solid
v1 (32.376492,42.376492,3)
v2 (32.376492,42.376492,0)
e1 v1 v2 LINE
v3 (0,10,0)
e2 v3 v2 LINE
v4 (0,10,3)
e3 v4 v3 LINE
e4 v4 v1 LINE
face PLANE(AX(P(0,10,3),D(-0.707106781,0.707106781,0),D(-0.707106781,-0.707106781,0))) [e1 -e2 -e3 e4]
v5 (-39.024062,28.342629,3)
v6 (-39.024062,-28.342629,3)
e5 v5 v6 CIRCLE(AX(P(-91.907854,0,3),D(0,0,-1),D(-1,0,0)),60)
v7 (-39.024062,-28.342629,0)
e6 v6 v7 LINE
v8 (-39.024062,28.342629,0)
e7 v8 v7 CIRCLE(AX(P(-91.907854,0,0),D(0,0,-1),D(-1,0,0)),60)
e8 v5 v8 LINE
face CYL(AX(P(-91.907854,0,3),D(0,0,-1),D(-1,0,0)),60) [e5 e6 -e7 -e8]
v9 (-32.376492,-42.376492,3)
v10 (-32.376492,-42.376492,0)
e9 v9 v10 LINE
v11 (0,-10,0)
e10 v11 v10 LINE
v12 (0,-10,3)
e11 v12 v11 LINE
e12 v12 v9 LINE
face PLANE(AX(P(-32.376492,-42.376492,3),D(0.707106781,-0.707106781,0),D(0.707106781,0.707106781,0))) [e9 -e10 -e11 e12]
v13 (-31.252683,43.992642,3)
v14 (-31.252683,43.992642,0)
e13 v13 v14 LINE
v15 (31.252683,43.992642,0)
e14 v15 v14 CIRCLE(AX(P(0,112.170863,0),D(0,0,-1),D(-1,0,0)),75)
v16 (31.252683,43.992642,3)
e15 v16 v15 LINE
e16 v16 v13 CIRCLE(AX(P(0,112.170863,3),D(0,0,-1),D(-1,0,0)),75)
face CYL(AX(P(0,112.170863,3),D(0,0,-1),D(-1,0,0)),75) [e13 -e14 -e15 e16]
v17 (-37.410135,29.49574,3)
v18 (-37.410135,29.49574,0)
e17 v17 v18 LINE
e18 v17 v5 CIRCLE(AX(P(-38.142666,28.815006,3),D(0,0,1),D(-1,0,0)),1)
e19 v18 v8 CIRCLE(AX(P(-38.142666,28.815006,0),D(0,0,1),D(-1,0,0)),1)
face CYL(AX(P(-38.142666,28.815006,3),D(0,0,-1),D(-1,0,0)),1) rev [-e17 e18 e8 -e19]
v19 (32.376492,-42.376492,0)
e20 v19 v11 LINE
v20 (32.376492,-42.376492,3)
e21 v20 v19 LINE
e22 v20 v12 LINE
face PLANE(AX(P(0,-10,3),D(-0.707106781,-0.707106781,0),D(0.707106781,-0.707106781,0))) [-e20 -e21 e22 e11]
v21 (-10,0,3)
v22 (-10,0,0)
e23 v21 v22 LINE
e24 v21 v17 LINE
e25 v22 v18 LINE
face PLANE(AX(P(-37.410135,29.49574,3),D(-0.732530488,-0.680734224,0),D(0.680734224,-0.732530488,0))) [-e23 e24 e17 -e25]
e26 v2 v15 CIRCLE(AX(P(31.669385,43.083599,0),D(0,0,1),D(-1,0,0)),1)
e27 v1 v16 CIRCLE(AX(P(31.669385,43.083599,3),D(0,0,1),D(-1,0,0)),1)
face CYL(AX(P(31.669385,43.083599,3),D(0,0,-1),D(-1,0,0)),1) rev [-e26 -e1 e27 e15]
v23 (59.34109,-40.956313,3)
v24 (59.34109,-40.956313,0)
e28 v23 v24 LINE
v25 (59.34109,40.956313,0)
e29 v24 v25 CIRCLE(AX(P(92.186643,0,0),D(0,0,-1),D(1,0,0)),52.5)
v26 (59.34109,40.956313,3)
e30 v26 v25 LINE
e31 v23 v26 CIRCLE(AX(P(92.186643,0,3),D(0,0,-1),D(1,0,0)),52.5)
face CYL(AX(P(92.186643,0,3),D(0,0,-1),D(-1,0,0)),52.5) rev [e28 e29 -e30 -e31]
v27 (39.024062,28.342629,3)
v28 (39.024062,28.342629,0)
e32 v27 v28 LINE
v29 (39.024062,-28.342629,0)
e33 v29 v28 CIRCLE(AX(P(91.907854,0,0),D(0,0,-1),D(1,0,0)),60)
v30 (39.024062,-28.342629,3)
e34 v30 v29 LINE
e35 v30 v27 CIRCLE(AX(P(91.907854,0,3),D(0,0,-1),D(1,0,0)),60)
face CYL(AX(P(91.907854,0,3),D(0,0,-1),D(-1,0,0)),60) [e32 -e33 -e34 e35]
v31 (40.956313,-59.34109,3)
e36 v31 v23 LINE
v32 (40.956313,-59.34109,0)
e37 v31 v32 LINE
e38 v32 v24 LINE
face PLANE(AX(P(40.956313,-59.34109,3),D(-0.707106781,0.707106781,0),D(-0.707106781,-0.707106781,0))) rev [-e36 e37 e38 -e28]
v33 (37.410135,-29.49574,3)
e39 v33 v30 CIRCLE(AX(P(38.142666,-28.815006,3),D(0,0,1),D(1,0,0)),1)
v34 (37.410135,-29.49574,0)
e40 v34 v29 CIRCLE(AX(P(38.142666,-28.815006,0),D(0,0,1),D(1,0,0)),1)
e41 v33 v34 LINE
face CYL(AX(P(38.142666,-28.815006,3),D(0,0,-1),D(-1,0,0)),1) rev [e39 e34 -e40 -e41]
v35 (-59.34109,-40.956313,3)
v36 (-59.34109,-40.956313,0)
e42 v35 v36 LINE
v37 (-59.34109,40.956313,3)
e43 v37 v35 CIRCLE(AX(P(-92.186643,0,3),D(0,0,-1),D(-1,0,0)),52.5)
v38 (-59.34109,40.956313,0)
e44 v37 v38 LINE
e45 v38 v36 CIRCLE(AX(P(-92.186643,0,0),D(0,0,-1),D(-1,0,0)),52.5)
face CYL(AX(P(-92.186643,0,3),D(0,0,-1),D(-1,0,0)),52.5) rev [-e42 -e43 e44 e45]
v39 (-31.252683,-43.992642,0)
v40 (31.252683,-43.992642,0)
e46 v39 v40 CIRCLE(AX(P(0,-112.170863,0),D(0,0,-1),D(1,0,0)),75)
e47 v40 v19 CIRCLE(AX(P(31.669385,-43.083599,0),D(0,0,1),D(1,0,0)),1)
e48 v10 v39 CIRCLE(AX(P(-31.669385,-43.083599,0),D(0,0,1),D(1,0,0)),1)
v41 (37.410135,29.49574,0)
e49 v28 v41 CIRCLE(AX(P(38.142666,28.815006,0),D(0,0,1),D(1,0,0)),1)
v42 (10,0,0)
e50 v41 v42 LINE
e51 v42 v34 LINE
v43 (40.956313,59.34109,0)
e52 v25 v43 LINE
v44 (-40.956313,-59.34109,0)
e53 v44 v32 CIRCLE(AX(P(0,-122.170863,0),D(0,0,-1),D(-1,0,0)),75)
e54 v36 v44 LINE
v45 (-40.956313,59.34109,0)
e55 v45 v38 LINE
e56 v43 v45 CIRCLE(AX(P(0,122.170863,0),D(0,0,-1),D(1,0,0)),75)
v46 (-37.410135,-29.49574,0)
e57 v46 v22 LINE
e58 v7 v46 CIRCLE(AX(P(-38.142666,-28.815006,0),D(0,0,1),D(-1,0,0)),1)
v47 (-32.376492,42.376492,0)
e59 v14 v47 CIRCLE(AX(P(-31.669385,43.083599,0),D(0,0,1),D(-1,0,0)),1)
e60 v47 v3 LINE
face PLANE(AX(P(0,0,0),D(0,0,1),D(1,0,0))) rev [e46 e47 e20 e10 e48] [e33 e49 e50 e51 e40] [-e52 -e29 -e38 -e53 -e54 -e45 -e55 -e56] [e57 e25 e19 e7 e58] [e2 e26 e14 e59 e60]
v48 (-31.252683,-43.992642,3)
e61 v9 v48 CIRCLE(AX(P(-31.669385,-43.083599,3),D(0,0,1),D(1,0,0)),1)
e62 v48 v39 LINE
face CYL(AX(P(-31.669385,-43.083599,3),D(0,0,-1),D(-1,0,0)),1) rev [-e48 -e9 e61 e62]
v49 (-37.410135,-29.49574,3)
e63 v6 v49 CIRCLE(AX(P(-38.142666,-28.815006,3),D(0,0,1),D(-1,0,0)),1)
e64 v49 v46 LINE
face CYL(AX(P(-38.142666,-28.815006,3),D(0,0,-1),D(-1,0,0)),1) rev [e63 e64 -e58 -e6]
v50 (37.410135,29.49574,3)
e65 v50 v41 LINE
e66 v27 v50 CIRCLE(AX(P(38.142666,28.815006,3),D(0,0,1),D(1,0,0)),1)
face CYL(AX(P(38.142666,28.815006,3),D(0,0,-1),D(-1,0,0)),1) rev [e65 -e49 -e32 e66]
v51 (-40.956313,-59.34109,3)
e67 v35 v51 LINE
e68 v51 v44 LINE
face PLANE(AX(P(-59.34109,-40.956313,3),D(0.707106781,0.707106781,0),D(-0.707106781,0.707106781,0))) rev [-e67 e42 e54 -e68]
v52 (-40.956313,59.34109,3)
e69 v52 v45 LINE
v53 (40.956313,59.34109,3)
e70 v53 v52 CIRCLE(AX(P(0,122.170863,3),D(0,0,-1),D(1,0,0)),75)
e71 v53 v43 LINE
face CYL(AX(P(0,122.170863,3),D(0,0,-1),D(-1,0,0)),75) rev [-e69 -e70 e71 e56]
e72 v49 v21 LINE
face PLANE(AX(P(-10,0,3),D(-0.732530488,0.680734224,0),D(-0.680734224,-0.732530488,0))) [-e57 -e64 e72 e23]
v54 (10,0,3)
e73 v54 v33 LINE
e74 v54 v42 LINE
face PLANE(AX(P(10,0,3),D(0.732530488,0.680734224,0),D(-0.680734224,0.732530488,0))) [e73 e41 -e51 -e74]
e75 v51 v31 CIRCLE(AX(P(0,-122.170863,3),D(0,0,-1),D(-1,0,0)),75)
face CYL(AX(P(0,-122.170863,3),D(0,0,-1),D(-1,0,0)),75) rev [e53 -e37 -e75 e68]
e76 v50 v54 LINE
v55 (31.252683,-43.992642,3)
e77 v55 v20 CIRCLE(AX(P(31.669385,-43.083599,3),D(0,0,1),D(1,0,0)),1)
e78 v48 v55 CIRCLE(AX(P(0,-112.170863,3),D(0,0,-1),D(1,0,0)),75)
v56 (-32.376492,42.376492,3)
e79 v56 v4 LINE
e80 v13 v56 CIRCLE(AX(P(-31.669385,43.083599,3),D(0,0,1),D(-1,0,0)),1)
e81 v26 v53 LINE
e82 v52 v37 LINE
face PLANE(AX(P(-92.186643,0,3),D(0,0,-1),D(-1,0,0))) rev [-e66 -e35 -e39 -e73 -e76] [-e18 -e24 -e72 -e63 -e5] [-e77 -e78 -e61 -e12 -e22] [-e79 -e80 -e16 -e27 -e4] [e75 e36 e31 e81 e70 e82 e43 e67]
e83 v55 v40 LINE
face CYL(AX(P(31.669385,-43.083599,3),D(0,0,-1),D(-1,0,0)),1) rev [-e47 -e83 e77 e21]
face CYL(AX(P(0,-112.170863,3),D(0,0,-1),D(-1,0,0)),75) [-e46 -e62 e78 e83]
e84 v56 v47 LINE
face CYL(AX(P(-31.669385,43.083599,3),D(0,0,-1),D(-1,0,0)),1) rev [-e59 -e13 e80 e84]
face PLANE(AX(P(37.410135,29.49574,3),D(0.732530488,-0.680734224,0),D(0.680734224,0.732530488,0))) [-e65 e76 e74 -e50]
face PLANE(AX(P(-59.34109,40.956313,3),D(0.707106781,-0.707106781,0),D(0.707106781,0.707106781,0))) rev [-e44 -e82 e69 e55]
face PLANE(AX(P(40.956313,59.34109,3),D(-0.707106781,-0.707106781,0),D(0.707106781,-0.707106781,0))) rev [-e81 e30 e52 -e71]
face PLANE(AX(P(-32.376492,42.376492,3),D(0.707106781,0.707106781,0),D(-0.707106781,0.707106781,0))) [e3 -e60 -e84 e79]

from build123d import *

# Parameters (mm, degrees)
SKETCH1_R             = 5
BOSS_EXTRUDE1_DEPTH   = 0.1
BOSS_EXTRUDE1_2_DEPTH = 0.1
BOSS_EXTRUDE1_3_DEPTH = 0.1
BOSS_EXTRUDE1_4_DEPTH = 0.1
BOSS_EXTRUDE2_DEPTH   = 3


with BuildPart() as part:
    # Sketch1 → Boss-Extrude1 (new body)
    with BuildSketch(Plane.XY):
        with Locations((-44.491847198, 44.491847198)):
            Circle(SKETCH1_R)
    extrude(amount=BOSS_EXTRUDE1_DEPTH)



with BuildPart() as body_2:
    # Sketch1 → Boss-Extrude1 2 (new body)
    with BuildSketch(Plane.XY):
        with Locations((44.491847198, 44.491847198)):
            Circle(SKETCH1_R)
    extrude(amount=BOSS_EXTRUDE1_2_DEPTH)


with BuildPart() as body_3:
    # Sketch1 → Boss-Extrude1 3 (new body)
    with BuildSketch(Plane.XY):
        with Locations((44.491847198, -44.491847198)):
            Circle(SKETCH1_R)
    extrude(amount=BOSS_EXTRUDE1_3_DEPTH)


with BuildPart() as body_4:
    # Sketch1 → Boss-Extrude1 4 (new body)
    with BuildSketch(Plane.XY):
        with Locations((-44.491847198, -44.491847198)):
            Circle(SKETCH1_R)
    extrude(amount=BOSS_EXTRUDE1_4_DEPTH)


with BuildPart() as part_1:
    add(part.part)

    add(body_2.part)  # Boss-Extrude2 merges body 2

    add(body_3.part)  # Boss-Extrude2 merges body 3

    add(body_4.part)  # Boss-Extrude2 merges body 4
    # Sketch2 → Boss-Extrude2 (add)
    with BuildSketch(Plane.XY):
        with BuildLine():
            Line((-59.341089603, 40.956313292), (-40.956313292, 59.341089603))
            ThreePointArc((-40.956313292, 59.341089603), (0, 47.170862812), (40.956313292, 59.341089603))
            Line((40.956313292, 59.341089603), (59.341089603, 40.956313292))
            ThreePointArc((59.341089603, 40.956313292), (39.686643359, 0), (59.341089603, -40.956313292))
            Line((59.341089603, -40.956313292), (40.956313292, -59.341089603))
            ThreePointArc((40.956313292, -59.341089603), (0, -47.170862812), (-40.956313292, -59.341089603))
            Line((-40.956313292, -59.341089603), (-59.341089603, -40.956313292))
            ThreePointArc((-59.341089603, -40.956313292), (-39.686643359, 0), (-59.341089603, 40.956313292))
        make_face()
        with BuildLine():
            Line((-32.376492153, 42.376492153), (0, 10))
            Line((0, 10), (32.376492153, 42.376492153))
            ThreePointArc((32.376492153, 42.376492153), (32.490402214, 43.654502905), (31.252682932, 43.99264188))
            ThreePointArc((31.252682932, 43.99264188), (0, 37.170862812), (-31.252682932, 43.99264188))
            ThreePointArc((-31.252682932, 43.99264188), (-32.490402214, 43.654502905), (-32.376492153, 42.376492153))
        make_face(mode=Mode.SUBTRACT)
        with BuildLine():
            Line((-37.410135101, 29.495739933), (-10, 0))
            Line((-10, 0), (-37.410135101, -29.495739933))
            ThreePointArc((-37.410135101, -29.495739933), (-38.724006049, -29.628666123), (-39.024062115, -28.342628566))
            ThreePointArc((-39.024062115, -28.342628566), (-31.907853639, 0), (-39.024062115, 28.342628566))
            ThreePointArc((-39.024062115, 28.342628566), (-38.724006049, 29.628666123), (-37.410135101, 29.495739933))
        make_face(mode=Mode.SUBTRACT)
        with BuildLine():
            Line((10, 0), (37.410135101, -29.495739933))
            ThreePointArc((37.410135101, -29.495739933), (38.724006049, -29.628666123), (39.024062115, -28.342628566))
            ThreePointArc((39.024062115, -28.342628566), (31.907853639, 0), (39.024062115, 28.342628566))
            ThreePointArc((39.024062115, 28.342628566), (38.724006049, 29.628666123), (37.410135101, 29.495739933))
            Line((37.410135101, 29.495739933), (10, 0))
        make_face(mode=Mode.SUBTRACT)
        with BuildLine():
            Line((0, -10), (32.376492153, -42.376492153))
            ThreePointArc((32.376492153, -42.376492153), (32.490402214, -43.654502905), (31.252682932, -43.99264188))
            ThreePointArc((31.252682932, -43.99264188), (0, -37.170862812), (-31.252682932, -43.99264188))
            ThreePointArc((-31.252682932, -43.99264188), (-32.490402214, -43.654502905), (-32.376492153, -42.376492153))
            Line((-32.376492153, -42.376492153), (0, -10))
        make_face(mode=Mode.SUBTRACT)
    extrude(amount=BOSS_EXTRUDE2_DEPTH)


solid = part_1.part
